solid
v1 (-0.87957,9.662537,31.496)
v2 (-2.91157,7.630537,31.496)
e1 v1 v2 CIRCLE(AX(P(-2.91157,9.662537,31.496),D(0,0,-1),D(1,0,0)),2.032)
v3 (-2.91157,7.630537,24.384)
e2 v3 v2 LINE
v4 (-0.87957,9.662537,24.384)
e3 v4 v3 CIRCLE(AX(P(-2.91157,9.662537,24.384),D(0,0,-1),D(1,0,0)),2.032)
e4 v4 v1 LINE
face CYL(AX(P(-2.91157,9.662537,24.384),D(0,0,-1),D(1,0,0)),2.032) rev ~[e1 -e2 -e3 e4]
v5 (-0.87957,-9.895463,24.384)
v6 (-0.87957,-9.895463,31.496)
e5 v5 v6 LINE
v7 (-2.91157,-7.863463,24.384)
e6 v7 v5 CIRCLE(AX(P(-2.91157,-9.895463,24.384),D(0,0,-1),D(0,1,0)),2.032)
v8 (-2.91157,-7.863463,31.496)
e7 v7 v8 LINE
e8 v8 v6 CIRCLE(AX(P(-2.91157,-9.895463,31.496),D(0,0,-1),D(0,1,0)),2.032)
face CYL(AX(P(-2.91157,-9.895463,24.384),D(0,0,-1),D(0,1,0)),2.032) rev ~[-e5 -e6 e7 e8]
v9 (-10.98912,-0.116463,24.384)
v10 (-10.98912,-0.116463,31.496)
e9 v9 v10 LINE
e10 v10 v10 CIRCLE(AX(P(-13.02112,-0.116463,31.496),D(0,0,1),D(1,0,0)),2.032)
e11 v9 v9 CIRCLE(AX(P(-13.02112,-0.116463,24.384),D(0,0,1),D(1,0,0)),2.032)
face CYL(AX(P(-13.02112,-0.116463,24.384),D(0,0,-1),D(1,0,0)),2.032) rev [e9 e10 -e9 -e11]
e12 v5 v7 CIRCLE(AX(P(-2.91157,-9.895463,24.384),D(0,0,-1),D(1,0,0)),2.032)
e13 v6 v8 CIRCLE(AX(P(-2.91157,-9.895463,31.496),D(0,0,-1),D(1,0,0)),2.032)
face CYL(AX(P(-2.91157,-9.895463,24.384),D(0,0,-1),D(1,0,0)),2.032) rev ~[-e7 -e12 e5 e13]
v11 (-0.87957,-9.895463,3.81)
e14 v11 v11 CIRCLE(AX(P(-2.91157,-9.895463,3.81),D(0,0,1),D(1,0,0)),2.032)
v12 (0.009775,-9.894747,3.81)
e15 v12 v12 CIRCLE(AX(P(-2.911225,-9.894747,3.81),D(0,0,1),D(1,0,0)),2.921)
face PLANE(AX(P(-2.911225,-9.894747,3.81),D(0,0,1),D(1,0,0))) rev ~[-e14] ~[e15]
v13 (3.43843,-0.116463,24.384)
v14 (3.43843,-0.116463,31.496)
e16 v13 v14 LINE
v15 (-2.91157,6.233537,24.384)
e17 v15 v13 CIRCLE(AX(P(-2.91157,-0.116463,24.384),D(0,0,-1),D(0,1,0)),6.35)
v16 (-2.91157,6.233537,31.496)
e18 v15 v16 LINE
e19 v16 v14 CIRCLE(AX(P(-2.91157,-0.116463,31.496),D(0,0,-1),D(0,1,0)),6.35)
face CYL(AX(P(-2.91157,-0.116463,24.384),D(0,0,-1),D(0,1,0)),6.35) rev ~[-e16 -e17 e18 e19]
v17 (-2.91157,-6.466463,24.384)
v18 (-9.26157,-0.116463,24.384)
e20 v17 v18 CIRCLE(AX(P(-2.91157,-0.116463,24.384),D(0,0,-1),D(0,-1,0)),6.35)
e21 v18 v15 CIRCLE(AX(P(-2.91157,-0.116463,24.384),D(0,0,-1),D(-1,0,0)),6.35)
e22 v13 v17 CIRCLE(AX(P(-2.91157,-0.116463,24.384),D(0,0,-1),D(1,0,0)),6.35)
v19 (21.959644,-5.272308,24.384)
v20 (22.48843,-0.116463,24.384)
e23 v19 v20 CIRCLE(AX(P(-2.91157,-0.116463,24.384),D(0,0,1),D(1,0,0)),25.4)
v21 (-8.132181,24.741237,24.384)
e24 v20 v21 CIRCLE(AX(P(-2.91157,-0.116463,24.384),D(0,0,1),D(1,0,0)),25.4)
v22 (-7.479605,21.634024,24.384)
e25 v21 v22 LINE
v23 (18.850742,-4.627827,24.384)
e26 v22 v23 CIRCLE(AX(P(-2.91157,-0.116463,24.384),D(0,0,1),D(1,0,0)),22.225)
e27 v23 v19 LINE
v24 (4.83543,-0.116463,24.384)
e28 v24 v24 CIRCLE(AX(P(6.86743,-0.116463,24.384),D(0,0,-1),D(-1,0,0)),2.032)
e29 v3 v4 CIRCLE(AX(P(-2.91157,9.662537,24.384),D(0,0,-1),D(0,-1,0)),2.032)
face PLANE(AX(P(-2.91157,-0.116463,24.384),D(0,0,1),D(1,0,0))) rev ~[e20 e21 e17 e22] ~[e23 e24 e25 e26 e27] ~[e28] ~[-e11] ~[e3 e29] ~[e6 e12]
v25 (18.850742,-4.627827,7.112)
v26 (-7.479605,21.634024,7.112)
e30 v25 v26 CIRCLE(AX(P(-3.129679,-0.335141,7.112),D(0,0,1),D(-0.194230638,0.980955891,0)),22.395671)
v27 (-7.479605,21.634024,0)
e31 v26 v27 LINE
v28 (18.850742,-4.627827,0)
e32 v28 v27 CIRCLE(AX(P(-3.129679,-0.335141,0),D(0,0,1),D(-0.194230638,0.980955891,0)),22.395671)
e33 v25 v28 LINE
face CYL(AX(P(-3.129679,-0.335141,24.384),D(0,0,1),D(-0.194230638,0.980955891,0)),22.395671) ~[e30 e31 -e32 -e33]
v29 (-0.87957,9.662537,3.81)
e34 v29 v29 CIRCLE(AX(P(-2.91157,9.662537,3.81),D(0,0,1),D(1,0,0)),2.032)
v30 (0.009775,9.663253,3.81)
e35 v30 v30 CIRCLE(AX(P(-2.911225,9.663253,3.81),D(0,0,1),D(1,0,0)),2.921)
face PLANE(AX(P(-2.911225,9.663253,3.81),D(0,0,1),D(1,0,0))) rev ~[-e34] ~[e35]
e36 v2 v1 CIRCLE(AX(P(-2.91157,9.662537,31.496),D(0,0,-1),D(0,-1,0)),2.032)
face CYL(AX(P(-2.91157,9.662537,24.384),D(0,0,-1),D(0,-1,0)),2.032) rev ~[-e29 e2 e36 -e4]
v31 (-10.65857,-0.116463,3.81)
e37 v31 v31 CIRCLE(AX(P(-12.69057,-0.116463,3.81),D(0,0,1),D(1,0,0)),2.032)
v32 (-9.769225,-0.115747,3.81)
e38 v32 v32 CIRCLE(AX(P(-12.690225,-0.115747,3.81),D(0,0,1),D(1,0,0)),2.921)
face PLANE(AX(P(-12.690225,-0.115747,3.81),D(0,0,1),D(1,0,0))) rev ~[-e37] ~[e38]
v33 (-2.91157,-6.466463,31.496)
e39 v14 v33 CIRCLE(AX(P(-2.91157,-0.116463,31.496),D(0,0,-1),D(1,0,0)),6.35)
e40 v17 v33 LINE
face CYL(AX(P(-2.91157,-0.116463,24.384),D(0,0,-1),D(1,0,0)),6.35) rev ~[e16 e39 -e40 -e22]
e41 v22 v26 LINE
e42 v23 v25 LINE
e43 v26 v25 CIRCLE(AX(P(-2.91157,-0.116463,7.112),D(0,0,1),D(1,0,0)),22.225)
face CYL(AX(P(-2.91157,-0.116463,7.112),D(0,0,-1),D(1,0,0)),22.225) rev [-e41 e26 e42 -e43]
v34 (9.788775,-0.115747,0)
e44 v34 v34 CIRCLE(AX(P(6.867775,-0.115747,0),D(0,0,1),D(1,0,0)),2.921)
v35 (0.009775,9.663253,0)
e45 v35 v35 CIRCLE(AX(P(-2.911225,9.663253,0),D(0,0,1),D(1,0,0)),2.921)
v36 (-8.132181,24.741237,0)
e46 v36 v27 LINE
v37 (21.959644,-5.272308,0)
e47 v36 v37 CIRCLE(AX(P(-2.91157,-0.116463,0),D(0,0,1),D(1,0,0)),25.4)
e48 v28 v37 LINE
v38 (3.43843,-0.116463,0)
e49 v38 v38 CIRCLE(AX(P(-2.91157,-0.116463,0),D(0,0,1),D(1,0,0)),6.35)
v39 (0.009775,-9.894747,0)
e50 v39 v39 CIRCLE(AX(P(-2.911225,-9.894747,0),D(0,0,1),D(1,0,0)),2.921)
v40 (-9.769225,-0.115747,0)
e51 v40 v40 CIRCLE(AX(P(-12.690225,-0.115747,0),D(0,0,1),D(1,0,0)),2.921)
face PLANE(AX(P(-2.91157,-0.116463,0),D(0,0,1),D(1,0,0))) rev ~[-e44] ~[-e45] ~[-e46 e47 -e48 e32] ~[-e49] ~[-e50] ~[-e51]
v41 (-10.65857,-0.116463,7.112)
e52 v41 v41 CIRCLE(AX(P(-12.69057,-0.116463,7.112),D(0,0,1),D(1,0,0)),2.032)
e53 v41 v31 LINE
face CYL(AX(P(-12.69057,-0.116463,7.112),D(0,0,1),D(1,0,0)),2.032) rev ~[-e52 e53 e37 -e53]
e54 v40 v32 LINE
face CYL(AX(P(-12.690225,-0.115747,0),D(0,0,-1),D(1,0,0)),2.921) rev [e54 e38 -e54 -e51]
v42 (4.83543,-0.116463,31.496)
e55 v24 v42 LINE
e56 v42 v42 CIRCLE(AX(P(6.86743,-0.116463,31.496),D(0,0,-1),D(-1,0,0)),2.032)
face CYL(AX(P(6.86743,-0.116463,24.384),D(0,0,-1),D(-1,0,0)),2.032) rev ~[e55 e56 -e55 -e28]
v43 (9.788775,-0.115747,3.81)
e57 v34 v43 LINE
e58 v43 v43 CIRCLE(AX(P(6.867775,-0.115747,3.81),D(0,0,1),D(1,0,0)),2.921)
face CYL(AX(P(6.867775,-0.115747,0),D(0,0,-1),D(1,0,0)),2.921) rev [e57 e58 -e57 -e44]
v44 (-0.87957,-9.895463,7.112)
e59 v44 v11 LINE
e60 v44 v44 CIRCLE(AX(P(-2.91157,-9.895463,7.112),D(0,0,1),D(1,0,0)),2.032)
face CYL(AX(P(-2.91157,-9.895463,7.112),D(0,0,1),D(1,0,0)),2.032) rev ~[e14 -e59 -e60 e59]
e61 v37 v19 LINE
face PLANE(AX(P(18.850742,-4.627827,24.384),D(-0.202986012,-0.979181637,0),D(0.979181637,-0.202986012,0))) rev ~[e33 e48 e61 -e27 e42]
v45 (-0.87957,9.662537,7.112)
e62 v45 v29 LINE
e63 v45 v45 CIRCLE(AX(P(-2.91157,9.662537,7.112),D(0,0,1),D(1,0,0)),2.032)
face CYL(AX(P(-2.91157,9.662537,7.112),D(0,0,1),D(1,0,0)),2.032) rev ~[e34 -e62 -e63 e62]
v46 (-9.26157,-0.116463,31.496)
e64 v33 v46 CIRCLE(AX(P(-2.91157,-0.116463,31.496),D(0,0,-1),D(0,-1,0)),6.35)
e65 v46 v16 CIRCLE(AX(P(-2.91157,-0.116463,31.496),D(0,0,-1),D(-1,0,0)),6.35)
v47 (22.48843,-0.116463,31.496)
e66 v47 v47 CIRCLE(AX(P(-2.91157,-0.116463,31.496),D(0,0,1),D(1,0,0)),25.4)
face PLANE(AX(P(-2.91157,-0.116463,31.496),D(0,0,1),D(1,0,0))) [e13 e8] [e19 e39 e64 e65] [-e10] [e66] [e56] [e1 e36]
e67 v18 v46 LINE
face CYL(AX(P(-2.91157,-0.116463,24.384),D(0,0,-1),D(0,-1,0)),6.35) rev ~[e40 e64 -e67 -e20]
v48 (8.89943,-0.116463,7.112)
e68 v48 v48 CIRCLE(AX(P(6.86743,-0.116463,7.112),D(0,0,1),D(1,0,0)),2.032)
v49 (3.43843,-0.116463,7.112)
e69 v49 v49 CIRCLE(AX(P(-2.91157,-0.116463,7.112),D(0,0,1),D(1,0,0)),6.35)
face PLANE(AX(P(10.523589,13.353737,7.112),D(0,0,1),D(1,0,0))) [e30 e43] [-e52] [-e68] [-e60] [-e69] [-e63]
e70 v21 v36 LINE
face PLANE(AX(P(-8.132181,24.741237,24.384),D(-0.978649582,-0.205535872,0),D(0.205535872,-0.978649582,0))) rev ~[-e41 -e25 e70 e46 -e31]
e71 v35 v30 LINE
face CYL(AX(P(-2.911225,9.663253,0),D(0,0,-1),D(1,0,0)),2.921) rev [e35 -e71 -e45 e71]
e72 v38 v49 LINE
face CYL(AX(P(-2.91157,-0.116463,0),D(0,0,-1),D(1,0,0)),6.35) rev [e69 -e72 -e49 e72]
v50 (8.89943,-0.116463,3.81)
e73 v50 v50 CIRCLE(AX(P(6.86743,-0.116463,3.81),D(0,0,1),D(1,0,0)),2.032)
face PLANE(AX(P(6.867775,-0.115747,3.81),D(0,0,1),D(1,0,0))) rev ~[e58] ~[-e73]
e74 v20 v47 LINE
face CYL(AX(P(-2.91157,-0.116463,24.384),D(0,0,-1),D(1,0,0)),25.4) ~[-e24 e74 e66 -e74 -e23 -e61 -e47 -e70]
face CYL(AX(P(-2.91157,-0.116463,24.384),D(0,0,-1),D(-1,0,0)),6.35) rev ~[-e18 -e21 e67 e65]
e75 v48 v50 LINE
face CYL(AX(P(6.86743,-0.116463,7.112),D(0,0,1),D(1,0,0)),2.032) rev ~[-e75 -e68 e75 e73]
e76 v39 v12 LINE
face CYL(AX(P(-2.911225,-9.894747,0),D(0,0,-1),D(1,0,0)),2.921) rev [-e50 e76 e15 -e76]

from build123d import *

# Parameters (mm, degrees)
F0_R      = 25.4
F0_R_2    = 22.225
F0_R_3    = 6.35
F1_DEPTH  = 7.112
F2_R      = 25.4
F2_R_2    = 22.225
F3_DEPTH  = 17.272
F4_R      = 2.032
F5_DEPTH  = 21.29049
F6_R      = 2.921
F7_DEPTH  = 3.81
F9_DEPTH  = 17.272
F10_R     = 25.4
F10_R_2   = 2.032
F11_DEPTH = 7.112
F12_DEPTH = 25.4


with BuildPart() as f1:
    # F0 (on Top) → F1 (new body)
    with BuildSketch(Plane.XY):
        with Locations((-2.9115700163, -0.1164628848)):
            Circle(F0_R)
        with Locations((-2.9115700163, -0.1164628848)):
            Circle(F0_R_2, mode=Mode.SUBTRACT)
        with Locations((-2.9115700163, -0.1164628848)):
            Circle(F0_R_2)
        with Locations((-2.9115700163, -0.1164628848)):
            Circle(F0_R_3, mode=Mode.SUBTRACT)
    extrude(amount=F1_DEPTH)

    # F2 (on face) → F3 (join)
    with BuildSketch(Plane.XY.offset(7.112)):
        with Locations((-2.9115700163, -0.1164628848)):
            Circle(F2_R)
        with Locations((-2.9115700163, -0.1164628848)):
            Circle(F2_R_2, mode=Mode.SUBTRACT)
    extrude(amount=F3_DEPTH)

    # F4 (on face) → F5 (cut)
    with BuildSketch(Plane.XY.offset(7.112)):
        with Locations((-2.9115700163, 9.6625371152)):
            Circle(F4_R)
        with Locations((-12.6905700163, -0.1164628848)):
            Circle(F4_R)
        with Locations((6.8674299837, -0.1164628848)):
            Circle(F4_R)
        with Locations((-2.9115700163, -9.8954628848)):
            Circle(F4_R)
    extrude(amount=-F5_DEPTH, mode=Mode.SUBTRACT)

    # F6 (on face) → F7 (cut)
    with BuildSketch(Plane.XY):
        with Locations((-2.9112251941, -9.8947474398)):
            Circle(F6_R)
        with Locations((6.8677748059, -0.1157474398)):
            Circle(F6_R)
        with Locations((-2.9112251941, 9.6632525602)):
            Circle(F6_R)
        with Locations((-12.6902251941, -0.1157474398)):
            Circle(F6_R)
    extrude(amount=F7_DEPTH, mode=Mode.SUBTRACT)

    # F8 (on face) → F9 (cut)
    with BuildSketch(Plane.XY.offset(24.384)):
        with BuildLine():
            ThreePointArc((-7.4796047728, 21.634024086), (12.685813093, 15.5216009657), (18.8507418749, -4.6278269968))
            Line((18.8507418749, -4.6278269968), (21.9596435736, -5.2723075843))
            ThreePointArc((21.9596435736, -5.2723075843), (15.0679881207, 17.9099891283), (-8.1321811666, 24.7412365103))
            Line((-8.1321811666, 24.7412365103), (-7.4796047728, 21.634024086))
        make_face()
    extrude(amount=-F9_DEPTH, mode=Mode.SUBTRACT)

    # F10 (on face) → F11 (join)
    with BuildSketch(Plane.XY.offset(24.384)):
        with Locations((-2.9115700163, -0.1164628848)):
            Circle(F10_R)
        with BuildLine():
            ThreePointArc((-0.8795700163, -9.8954628848), (-4.3484109957, -11.3323038641), (-2.9115700163, -7.8634628848))
            ThreePointArc((-2.9115700163, -7.8634628848), (-1.4747290369, -8.4586219054), (-0.8795700163, -9.8954628848))
        make_face(mode=Mode.SUBTRACT)
        with Locations((-13.0211196663, -0.1164628848)):
            Circle(F10_R_2, mode=Mode.SUBTRACT)
        with BuildLine():
            ThreePointArc((-2.9115700163, 6.2335371152), (1.5785580442, 4.3736651758), (3.4384299837, -0.1164628848))
            ThreePointArc((3.4384299837, -0.1164628848), (1.5785580442, -4.6065909453), (-2.9115700163, -6.4664628848))
            ThreePointArc((-2.9115700163, -6.4664628848), (-7.4016980768, -4.6065909453), (-9.2615700163, -0.1164628848))
            ThreePointArc((-9.2615700163, -0.1164628848), (-7.4016980768, 4.3736651758), (-2.9115700163, 6.2335371152))
        make_face(mode=Mode.SUBTRACT)
        with BuildLine():
            ThreePointArc((8.8994299837, -0.1164628848), (6.8674299837, -2.1484628848), (4.8354299837, -0.1164628848))
            ThreePointArc((4.8354299837, -0.1164628848), (6.8674299837, 1.9155371152), (8.8994299837, -0.1164628848))
        make_face(mode=Mode.SUBTRACT)
        with BuildLine():
            ThreePointArc((-0.8795700163, 9.6625371152), (-1.4747290369, 8.2256961359), (-2.9115700163, 7.6305371152))
            ThreePointArc((-2.9115700163, 7.6305371152), (-4.3484109957, 11.0993780946), (-0.8795700163, 9.6625371152))
        make_face(mode=Mode.SUBTRACT)
    extrude(amount=F11_DEPTH)

    # F8 (on face) → F12 (cut)
    with BuildSketch(Plane.XY.offset(24.384)):
        with BuildLine():
            ThreePointArc((-7.4796047728, 21.634024086), (12.685813093, 15.5216009657), (18.8507418749, -4.6278269968))
            Line((18.8507418749, -4.6278269968), (21.9596435736, -5.2723075843))
            ThreePointArc((21.9596435736, -5.2723075843), (15.0679881207, 17.9099891283), (-8.1321811666, 24.7412365103))
            Line((-8.1321811666, 24.7412365103), (-7.4796047728, 21.634024086))
        make_face()
    extrude(amount=-F12_DEPTH, mode=Mode.SUBTRACT)


solid = f1.part
